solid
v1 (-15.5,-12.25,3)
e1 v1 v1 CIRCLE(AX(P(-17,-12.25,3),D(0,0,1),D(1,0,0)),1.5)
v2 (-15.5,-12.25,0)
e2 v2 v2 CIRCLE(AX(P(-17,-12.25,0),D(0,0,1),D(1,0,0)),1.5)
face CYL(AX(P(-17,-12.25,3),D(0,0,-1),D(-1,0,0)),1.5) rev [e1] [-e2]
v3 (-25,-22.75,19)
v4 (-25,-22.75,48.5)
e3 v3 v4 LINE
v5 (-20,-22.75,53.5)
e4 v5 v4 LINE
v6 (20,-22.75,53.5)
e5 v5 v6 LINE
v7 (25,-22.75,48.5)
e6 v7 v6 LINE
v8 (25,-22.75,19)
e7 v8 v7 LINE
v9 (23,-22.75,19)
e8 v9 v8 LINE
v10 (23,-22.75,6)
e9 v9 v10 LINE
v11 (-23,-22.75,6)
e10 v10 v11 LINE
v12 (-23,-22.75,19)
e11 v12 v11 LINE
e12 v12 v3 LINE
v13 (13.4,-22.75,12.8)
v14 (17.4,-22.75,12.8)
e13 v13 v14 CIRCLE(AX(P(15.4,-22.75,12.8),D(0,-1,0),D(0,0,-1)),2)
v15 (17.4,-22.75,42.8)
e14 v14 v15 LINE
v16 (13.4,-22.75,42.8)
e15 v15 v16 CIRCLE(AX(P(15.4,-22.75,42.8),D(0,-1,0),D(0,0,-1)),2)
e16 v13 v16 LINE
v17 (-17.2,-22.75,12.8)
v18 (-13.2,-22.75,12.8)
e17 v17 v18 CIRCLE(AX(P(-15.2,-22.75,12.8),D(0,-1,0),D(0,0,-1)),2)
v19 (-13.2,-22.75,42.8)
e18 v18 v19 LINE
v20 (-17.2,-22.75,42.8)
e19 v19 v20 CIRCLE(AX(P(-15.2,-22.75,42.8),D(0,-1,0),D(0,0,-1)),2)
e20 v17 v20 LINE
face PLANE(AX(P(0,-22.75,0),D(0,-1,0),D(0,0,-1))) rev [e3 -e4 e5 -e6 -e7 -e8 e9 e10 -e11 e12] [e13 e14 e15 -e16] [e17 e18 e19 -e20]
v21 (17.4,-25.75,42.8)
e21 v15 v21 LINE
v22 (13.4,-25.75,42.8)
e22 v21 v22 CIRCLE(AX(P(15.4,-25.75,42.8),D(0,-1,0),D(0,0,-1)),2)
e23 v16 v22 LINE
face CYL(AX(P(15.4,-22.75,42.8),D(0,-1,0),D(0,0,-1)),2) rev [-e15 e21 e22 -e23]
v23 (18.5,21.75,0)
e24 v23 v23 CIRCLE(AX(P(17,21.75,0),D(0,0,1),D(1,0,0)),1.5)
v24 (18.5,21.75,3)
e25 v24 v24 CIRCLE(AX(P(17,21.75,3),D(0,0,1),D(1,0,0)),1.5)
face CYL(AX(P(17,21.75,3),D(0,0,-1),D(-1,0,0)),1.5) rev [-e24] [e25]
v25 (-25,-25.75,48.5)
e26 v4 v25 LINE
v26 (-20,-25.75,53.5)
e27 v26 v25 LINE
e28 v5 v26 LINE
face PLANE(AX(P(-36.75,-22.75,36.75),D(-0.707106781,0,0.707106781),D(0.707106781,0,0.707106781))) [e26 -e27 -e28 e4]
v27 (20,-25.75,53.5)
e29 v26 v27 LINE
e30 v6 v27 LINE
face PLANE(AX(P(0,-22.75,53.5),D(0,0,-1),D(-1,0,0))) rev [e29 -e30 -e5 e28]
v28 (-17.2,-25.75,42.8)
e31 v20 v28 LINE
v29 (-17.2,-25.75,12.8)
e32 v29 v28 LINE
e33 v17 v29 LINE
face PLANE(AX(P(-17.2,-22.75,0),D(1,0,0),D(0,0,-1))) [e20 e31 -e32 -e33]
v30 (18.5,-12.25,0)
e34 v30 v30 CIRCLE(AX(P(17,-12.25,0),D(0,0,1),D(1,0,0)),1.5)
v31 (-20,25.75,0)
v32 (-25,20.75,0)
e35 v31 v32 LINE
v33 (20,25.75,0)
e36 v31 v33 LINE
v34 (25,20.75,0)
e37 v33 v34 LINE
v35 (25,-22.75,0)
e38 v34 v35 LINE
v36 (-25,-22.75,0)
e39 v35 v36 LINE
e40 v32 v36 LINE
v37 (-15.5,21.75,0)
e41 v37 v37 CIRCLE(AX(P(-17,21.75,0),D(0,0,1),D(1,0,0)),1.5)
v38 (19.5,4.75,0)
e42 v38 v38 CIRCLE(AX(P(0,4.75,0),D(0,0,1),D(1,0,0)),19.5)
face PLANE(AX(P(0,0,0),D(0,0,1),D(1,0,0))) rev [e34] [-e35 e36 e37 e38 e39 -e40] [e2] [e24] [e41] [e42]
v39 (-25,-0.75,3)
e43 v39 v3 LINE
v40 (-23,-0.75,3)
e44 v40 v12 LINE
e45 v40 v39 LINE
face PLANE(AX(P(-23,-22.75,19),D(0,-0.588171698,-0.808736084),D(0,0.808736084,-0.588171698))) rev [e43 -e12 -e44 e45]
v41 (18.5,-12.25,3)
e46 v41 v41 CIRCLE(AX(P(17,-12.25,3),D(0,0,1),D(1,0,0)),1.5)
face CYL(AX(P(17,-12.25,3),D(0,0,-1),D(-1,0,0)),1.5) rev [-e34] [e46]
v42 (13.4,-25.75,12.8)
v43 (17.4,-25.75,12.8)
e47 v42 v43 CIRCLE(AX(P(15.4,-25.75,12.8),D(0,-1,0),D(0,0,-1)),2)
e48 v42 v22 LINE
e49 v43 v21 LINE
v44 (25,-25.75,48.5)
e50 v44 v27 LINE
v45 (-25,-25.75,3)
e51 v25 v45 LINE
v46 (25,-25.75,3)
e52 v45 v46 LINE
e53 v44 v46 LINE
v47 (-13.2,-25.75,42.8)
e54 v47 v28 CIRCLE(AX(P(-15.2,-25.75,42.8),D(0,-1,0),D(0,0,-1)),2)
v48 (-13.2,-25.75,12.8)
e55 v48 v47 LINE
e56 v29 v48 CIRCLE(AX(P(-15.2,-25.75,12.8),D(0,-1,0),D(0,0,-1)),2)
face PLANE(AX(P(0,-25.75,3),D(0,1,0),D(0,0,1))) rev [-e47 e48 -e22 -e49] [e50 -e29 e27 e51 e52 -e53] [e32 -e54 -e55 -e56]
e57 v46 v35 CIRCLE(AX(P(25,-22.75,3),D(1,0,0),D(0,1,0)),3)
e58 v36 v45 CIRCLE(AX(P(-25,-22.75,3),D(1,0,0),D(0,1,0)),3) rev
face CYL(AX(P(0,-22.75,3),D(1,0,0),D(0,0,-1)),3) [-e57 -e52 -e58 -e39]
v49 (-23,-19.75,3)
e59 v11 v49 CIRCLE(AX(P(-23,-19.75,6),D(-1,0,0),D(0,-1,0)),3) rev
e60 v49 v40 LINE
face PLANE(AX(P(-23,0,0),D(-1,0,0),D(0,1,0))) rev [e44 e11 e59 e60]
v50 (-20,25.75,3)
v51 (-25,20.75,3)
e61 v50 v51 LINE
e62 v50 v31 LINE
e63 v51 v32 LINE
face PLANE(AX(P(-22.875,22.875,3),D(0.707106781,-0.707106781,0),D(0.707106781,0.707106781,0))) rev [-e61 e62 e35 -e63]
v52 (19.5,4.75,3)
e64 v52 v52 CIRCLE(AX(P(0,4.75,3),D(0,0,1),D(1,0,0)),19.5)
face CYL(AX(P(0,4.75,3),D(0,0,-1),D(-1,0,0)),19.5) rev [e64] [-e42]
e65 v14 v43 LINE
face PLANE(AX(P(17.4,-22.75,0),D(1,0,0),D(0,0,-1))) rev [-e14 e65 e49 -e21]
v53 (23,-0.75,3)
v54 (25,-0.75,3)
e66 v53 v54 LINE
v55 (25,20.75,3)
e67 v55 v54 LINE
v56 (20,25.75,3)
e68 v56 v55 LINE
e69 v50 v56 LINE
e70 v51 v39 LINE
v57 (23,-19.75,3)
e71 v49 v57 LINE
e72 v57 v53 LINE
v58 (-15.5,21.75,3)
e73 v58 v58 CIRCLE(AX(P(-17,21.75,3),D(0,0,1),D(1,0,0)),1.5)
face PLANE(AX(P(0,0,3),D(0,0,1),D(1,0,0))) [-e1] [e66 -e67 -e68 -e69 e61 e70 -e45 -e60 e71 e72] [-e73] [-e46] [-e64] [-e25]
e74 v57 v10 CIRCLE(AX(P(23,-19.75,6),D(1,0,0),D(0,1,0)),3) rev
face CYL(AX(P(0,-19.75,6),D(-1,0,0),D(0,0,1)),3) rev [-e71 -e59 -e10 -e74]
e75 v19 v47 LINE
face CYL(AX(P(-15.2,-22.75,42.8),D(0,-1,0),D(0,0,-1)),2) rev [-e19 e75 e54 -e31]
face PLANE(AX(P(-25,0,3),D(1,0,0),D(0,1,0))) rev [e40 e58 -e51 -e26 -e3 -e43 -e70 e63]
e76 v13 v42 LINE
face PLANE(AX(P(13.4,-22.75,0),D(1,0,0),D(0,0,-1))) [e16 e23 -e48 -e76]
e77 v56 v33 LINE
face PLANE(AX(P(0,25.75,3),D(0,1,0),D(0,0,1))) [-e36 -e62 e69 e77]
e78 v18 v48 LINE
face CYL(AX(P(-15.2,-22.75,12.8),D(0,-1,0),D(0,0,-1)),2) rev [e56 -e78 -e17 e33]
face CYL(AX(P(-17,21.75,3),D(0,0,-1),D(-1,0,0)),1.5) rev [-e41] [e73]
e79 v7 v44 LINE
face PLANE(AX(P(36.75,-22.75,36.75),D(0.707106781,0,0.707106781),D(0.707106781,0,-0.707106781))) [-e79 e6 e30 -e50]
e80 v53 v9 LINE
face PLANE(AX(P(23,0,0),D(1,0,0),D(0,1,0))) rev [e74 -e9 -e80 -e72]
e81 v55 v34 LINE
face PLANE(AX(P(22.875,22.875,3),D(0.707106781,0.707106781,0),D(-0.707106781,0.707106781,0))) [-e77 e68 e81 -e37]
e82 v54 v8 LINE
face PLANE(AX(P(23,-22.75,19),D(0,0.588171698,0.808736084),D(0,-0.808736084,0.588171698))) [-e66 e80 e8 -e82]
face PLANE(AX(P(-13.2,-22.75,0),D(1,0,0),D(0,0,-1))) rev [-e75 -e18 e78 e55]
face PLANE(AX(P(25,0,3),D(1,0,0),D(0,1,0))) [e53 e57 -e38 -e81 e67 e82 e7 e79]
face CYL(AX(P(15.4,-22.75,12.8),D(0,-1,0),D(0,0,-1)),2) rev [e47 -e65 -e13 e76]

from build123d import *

# Parameters (mm, degrees)
SKETCH_1_R      = 1.5
SKETCH_1_R_2    = 19.5
EXTRUDE_1_DEPTH = 3
EXTRUDE_3_DEPTH = 3
EXTRUDE_4_DEPTH = 2
FILLET_2_R      = 3


with BuildPart() as part:
    # 草图1 → 凸台-拉伸1 (new body)
    with BuildSketch(Plane.XY):
        Polygon((20, 25.75), (-20, 25.75), (-25, 20.75), (-25, -25.75), (25, -25.75), (25, 20.75), align=None)
        with Locations((-17, -12.25)):
            Circle(SKETCH_1_R, mode=Mode.SUBTRACT)
        with Locations((17, -12.25)):
            Circle(SKETCH_1_R, mode=Mode.SUBTRACT)
        with Locations((-17, 21.75)):
            Circle(SKETCH_1_R, mode=Mode.SUBTRACT)
        with Locations((0, 4.75)):
            Circle(SKETCH_1_R_2, mode=Mode.SUBTRACT)
        with Locations((17, 21.75)):
            Circle(SKETCH_1_R, mode=Mode.SUBTRACT)
    extrude(amount=EXTRUDE_1_DEPTH)

    # 草图2 → 凸台-拉伸3 (add)
    with BuildSketch(Plane.XZ.offset(25.75)):
        Polygon((-25, 48.5), (-25, 0), (25, 0), (25, 48.5), (20, 53.5), (-20, 53.5), align=None)
        with BuildLine():
            ThreePointArc((-13.2, 12.8), (-15.2, 10.8), (-17.2, 12.8))
            Line((-17.2, 12.8), (-17.2, 42.8))
            ThreePointArc((-17.2, 42.8), (-15.2, 44.8), (-13.2, 42.8))
            Line((-13.2, 42.8), (-13.2, 12.8))
        make_face(mode=Mode.SUBTRACT)
        with BuildLine():
            ThreePointArc((17.4, 12.8), (15.4, 10.8), (13.4, 12.8))
            Line((13.4, 12.8), (13.4, 42.8))
            ThreePointArc((13.4, 42.8), (15.4, 44.8), (17.4, 42.8))
            Line((17.4, 42.8), (17.4, 12.8))
        make_face(mode=Mode.SUBTRACT)
    extrude(amount=-EXTRUDE_3_DEPTH)

    # 草图3 → 凸台-拉伸4 (add)
    with BuildSketch(Plane(origin=(25, 0, 0), x_dir=(0, 0, -1), z_dir=(1, 0, 0))):
        Polygon((-3, -0.75), (-3, -22.75), (-19, -22.75), align=None)
    extrude_4 = extrude(amount=-EXTRUDE_4_DEPTH)

    # 镜向1: 凸台-拉伸4 across plane
    add(extrude_4.mirror(Plane(origin=(0, 0, 0), x_dir=(0, 0, 1), z_dir=(1, 0, 0))))

    # 圆角2
    fillet_2_edges = [part.edges().sort_by_distance(p)[0] for p in [
        (0, -25.75, 0),
        (0, -22.75, 3),
    ]]
    fillet(fillet_2_edges, radius=FILLET_2_R)


solid = part.part
